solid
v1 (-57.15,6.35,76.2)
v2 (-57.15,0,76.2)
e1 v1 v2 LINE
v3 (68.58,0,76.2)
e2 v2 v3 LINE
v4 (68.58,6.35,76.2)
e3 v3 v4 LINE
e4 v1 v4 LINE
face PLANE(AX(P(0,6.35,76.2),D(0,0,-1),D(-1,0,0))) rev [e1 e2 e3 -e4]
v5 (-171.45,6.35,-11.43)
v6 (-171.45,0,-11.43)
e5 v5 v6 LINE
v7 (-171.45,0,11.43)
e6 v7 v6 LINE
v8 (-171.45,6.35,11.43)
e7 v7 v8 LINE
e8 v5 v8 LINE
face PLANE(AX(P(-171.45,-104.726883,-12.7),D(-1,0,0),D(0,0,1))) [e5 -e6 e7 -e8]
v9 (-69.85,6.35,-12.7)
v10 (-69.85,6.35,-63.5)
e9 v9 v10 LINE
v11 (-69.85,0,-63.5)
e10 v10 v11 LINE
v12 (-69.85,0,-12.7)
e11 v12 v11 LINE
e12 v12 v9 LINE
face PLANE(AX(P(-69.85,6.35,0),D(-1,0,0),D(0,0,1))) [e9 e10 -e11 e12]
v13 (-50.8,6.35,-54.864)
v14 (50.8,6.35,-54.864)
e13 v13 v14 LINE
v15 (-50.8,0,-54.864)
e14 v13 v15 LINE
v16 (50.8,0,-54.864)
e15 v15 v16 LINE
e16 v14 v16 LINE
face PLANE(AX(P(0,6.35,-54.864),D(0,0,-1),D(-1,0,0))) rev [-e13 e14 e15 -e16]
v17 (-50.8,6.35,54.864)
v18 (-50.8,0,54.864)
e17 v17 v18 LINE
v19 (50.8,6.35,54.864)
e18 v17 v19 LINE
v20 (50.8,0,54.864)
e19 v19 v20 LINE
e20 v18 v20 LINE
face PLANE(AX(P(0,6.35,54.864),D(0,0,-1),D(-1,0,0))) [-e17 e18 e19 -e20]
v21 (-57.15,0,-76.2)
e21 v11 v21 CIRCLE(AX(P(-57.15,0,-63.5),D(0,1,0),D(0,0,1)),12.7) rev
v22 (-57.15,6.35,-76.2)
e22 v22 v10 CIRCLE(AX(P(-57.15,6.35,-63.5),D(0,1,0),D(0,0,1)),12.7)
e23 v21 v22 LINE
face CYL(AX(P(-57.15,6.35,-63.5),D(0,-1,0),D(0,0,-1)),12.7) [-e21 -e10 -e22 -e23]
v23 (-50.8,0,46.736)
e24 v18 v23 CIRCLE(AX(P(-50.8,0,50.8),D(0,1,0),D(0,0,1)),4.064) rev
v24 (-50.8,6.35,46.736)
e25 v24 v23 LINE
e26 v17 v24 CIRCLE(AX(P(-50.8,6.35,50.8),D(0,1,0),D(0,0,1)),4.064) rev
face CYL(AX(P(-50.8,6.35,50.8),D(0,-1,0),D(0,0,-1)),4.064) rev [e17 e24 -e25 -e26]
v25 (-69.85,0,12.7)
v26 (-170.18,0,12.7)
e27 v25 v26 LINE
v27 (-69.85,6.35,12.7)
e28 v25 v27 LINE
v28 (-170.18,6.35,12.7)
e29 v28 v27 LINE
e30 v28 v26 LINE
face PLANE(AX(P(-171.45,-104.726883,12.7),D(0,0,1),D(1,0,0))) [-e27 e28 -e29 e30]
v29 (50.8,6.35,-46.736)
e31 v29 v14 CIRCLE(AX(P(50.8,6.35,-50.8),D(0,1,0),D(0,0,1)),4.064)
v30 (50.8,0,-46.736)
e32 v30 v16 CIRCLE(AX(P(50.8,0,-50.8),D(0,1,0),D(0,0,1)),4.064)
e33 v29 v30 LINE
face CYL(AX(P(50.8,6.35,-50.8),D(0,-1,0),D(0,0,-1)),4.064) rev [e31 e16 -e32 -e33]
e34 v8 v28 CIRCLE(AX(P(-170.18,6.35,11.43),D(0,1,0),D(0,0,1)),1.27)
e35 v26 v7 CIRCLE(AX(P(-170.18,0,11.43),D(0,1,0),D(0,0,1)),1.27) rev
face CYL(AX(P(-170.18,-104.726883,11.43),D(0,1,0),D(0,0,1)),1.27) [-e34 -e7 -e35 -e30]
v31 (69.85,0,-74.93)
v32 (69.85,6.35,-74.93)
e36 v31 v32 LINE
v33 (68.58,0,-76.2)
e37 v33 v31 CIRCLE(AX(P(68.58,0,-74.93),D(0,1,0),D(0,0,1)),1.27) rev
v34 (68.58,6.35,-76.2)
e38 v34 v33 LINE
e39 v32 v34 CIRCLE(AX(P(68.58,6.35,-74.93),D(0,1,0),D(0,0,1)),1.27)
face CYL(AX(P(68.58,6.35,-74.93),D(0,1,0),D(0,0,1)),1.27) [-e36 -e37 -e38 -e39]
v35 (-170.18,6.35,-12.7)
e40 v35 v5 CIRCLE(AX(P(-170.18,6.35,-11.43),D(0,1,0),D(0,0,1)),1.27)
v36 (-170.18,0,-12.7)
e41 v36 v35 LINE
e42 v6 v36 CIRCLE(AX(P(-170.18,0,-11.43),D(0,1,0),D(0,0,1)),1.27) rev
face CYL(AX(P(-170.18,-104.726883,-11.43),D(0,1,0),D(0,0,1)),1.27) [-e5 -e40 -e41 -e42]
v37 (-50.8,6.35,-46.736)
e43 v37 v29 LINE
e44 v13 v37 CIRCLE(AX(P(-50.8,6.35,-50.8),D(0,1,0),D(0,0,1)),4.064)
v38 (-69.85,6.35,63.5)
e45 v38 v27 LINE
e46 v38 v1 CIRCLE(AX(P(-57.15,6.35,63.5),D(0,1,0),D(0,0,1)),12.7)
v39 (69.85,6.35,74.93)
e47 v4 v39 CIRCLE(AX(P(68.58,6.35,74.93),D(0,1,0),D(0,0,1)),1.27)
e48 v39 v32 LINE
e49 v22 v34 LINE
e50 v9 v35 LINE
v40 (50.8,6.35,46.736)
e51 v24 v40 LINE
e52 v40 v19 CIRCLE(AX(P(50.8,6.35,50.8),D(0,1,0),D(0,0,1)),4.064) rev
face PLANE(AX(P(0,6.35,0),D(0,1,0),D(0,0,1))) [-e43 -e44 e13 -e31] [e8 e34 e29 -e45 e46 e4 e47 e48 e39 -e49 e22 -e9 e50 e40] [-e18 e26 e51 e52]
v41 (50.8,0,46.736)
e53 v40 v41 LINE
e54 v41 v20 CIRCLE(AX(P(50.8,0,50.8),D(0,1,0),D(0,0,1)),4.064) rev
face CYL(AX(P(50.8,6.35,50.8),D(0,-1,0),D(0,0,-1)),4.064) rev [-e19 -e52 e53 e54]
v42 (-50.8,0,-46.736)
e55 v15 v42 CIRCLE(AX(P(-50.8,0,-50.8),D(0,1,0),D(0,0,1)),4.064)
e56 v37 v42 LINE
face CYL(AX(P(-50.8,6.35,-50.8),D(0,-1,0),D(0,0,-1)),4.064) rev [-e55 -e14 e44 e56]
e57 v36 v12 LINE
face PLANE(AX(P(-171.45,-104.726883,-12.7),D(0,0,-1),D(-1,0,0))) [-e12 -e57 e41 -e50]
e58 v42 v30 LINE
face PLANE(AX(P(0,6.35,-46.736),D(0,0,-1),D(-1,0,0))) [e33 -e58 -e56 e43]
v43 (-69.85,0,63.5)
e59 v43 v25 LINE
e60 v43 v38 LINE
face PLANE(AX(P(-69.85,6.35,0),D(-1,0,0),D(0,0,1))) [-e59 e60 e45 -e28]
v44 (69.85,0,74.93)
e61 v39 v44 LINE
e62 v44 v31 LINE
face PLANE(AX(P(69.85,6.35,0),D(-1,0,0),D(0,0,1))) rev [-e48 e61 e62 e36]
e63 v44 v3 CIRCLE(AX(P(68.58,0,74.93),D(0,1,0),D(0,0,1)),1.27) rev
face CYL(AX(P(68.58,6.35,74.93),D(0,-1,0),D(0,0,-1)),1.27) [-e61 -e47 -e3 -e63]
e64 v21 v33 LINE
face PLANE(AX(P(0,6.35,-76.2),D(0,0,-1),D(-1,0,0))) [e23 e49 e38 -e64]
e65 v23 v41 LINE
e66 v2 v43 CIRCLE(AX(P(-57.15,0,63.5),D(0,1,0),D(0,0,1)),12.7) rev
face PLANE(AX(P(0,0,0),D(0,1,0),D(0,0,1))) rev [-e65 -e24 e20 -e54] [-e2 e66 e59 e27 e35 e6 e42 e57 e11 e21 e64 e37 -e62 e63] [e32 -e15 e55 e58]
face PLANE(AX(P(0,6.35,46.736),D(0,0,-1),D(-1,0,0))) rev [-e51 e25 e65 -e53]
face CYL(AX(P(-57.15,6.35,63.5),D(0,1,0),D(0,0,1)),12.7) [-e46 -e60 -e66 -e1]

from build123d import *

# Parameters (mm, degrees)
SKETCH1_W           = 139.7
SKETCH1_H           = 152.4
BOSS_EXTRUDE1_DEPTH = 6.35
FILLET1_R           = 12.7
SKETCH2_W           = 101.6
SKETCH2_H           = 25.4
BOSS_EXTRUDE2_DEPTH = 6.35
FILLET2_R           = 1.27


with BuildPart() as part:
    # Sketch1 → Boss-Extrude1 (new body)
    with BuildSketch(Plane(origin=(0, 0, 0), x_dir=(1, 0, 0), z_dir=(0, 1, 0))):
        Rectangle(SKETCH1_W, SKETCH1_H)
        with BuildLine():
            ThreePointArc((54.864, -50.8), (53.673681959, -53.673681959), (50.8, -54.864))
            Line((50.8, -54.864), (-50.8, -54.864))
            ThreePointArc((-50.8, -54.864), (-54.864, -50.8), (-50.8, -46.736))
            Line((-50.8, -46.736), (50.8, -46.736))
            ThreePointArc((50.8, -46.736), (53.673681959, -47.926318041), (54.864, -50.8))
        make_face(mode=Mode.SUBTRACT)
        with BuildLine():
            ThreePointArc((-50.8, 46.736), (-54.864, 50.8), (-50.8, 54.864))
            Line((-50.8, 54.864), (50.8, 54.864))
            ThreePointArc((50.8, 54.864), (53.673681959, 53.673681959), (54.864, 50.8))
            ThreePointArc((54.864, 50.8), (53.673681959, 47.926318041), (50.8, 46.736))
            Line((50.8, 46.736), (-50.8, 46.736))
        make_face(mode=Mode.SUBTRACT)
    extrude(amount=BOSS_EXTRUDE1_DEPTH)

    # Fillet1
    fillet1_edges = [part.edges().sort_by_distance(p)[0] for p in [
        (-69.85, 3.175, 76.2),
        (-69.85, 3.175, -76.2),
    ]]
    fillet(fillet1_edges, radius=FILLET1_R)

    # Sketch2 → Boss-Extrude2 (add)
    with BuildSketch(Plane(origin=(0, 6.35, 0), x_dir=(1, 0, 0), z_dir=(0, 1, 0))):
        with Locations((-120.65, 0)):
            Rectangle(SKETCH2_W, SKETCH2_H)
    extrude(amount=-BOSS_EXTRUDE2_DEPTH)

    # Fillet2
    fillet2_edges = [part.edges().sort_by_distance(p)[0] for p in [
        (69.85, 3.175, -76.2),
        (69.85, 3.175, 76.2),
        (-171.45, 3.175, 12.7),
        (-171.45, 3.175, -12.7),
    ]]
    fillet(fillet2_edges, radius=FILLET2_R)


solid = part.part
